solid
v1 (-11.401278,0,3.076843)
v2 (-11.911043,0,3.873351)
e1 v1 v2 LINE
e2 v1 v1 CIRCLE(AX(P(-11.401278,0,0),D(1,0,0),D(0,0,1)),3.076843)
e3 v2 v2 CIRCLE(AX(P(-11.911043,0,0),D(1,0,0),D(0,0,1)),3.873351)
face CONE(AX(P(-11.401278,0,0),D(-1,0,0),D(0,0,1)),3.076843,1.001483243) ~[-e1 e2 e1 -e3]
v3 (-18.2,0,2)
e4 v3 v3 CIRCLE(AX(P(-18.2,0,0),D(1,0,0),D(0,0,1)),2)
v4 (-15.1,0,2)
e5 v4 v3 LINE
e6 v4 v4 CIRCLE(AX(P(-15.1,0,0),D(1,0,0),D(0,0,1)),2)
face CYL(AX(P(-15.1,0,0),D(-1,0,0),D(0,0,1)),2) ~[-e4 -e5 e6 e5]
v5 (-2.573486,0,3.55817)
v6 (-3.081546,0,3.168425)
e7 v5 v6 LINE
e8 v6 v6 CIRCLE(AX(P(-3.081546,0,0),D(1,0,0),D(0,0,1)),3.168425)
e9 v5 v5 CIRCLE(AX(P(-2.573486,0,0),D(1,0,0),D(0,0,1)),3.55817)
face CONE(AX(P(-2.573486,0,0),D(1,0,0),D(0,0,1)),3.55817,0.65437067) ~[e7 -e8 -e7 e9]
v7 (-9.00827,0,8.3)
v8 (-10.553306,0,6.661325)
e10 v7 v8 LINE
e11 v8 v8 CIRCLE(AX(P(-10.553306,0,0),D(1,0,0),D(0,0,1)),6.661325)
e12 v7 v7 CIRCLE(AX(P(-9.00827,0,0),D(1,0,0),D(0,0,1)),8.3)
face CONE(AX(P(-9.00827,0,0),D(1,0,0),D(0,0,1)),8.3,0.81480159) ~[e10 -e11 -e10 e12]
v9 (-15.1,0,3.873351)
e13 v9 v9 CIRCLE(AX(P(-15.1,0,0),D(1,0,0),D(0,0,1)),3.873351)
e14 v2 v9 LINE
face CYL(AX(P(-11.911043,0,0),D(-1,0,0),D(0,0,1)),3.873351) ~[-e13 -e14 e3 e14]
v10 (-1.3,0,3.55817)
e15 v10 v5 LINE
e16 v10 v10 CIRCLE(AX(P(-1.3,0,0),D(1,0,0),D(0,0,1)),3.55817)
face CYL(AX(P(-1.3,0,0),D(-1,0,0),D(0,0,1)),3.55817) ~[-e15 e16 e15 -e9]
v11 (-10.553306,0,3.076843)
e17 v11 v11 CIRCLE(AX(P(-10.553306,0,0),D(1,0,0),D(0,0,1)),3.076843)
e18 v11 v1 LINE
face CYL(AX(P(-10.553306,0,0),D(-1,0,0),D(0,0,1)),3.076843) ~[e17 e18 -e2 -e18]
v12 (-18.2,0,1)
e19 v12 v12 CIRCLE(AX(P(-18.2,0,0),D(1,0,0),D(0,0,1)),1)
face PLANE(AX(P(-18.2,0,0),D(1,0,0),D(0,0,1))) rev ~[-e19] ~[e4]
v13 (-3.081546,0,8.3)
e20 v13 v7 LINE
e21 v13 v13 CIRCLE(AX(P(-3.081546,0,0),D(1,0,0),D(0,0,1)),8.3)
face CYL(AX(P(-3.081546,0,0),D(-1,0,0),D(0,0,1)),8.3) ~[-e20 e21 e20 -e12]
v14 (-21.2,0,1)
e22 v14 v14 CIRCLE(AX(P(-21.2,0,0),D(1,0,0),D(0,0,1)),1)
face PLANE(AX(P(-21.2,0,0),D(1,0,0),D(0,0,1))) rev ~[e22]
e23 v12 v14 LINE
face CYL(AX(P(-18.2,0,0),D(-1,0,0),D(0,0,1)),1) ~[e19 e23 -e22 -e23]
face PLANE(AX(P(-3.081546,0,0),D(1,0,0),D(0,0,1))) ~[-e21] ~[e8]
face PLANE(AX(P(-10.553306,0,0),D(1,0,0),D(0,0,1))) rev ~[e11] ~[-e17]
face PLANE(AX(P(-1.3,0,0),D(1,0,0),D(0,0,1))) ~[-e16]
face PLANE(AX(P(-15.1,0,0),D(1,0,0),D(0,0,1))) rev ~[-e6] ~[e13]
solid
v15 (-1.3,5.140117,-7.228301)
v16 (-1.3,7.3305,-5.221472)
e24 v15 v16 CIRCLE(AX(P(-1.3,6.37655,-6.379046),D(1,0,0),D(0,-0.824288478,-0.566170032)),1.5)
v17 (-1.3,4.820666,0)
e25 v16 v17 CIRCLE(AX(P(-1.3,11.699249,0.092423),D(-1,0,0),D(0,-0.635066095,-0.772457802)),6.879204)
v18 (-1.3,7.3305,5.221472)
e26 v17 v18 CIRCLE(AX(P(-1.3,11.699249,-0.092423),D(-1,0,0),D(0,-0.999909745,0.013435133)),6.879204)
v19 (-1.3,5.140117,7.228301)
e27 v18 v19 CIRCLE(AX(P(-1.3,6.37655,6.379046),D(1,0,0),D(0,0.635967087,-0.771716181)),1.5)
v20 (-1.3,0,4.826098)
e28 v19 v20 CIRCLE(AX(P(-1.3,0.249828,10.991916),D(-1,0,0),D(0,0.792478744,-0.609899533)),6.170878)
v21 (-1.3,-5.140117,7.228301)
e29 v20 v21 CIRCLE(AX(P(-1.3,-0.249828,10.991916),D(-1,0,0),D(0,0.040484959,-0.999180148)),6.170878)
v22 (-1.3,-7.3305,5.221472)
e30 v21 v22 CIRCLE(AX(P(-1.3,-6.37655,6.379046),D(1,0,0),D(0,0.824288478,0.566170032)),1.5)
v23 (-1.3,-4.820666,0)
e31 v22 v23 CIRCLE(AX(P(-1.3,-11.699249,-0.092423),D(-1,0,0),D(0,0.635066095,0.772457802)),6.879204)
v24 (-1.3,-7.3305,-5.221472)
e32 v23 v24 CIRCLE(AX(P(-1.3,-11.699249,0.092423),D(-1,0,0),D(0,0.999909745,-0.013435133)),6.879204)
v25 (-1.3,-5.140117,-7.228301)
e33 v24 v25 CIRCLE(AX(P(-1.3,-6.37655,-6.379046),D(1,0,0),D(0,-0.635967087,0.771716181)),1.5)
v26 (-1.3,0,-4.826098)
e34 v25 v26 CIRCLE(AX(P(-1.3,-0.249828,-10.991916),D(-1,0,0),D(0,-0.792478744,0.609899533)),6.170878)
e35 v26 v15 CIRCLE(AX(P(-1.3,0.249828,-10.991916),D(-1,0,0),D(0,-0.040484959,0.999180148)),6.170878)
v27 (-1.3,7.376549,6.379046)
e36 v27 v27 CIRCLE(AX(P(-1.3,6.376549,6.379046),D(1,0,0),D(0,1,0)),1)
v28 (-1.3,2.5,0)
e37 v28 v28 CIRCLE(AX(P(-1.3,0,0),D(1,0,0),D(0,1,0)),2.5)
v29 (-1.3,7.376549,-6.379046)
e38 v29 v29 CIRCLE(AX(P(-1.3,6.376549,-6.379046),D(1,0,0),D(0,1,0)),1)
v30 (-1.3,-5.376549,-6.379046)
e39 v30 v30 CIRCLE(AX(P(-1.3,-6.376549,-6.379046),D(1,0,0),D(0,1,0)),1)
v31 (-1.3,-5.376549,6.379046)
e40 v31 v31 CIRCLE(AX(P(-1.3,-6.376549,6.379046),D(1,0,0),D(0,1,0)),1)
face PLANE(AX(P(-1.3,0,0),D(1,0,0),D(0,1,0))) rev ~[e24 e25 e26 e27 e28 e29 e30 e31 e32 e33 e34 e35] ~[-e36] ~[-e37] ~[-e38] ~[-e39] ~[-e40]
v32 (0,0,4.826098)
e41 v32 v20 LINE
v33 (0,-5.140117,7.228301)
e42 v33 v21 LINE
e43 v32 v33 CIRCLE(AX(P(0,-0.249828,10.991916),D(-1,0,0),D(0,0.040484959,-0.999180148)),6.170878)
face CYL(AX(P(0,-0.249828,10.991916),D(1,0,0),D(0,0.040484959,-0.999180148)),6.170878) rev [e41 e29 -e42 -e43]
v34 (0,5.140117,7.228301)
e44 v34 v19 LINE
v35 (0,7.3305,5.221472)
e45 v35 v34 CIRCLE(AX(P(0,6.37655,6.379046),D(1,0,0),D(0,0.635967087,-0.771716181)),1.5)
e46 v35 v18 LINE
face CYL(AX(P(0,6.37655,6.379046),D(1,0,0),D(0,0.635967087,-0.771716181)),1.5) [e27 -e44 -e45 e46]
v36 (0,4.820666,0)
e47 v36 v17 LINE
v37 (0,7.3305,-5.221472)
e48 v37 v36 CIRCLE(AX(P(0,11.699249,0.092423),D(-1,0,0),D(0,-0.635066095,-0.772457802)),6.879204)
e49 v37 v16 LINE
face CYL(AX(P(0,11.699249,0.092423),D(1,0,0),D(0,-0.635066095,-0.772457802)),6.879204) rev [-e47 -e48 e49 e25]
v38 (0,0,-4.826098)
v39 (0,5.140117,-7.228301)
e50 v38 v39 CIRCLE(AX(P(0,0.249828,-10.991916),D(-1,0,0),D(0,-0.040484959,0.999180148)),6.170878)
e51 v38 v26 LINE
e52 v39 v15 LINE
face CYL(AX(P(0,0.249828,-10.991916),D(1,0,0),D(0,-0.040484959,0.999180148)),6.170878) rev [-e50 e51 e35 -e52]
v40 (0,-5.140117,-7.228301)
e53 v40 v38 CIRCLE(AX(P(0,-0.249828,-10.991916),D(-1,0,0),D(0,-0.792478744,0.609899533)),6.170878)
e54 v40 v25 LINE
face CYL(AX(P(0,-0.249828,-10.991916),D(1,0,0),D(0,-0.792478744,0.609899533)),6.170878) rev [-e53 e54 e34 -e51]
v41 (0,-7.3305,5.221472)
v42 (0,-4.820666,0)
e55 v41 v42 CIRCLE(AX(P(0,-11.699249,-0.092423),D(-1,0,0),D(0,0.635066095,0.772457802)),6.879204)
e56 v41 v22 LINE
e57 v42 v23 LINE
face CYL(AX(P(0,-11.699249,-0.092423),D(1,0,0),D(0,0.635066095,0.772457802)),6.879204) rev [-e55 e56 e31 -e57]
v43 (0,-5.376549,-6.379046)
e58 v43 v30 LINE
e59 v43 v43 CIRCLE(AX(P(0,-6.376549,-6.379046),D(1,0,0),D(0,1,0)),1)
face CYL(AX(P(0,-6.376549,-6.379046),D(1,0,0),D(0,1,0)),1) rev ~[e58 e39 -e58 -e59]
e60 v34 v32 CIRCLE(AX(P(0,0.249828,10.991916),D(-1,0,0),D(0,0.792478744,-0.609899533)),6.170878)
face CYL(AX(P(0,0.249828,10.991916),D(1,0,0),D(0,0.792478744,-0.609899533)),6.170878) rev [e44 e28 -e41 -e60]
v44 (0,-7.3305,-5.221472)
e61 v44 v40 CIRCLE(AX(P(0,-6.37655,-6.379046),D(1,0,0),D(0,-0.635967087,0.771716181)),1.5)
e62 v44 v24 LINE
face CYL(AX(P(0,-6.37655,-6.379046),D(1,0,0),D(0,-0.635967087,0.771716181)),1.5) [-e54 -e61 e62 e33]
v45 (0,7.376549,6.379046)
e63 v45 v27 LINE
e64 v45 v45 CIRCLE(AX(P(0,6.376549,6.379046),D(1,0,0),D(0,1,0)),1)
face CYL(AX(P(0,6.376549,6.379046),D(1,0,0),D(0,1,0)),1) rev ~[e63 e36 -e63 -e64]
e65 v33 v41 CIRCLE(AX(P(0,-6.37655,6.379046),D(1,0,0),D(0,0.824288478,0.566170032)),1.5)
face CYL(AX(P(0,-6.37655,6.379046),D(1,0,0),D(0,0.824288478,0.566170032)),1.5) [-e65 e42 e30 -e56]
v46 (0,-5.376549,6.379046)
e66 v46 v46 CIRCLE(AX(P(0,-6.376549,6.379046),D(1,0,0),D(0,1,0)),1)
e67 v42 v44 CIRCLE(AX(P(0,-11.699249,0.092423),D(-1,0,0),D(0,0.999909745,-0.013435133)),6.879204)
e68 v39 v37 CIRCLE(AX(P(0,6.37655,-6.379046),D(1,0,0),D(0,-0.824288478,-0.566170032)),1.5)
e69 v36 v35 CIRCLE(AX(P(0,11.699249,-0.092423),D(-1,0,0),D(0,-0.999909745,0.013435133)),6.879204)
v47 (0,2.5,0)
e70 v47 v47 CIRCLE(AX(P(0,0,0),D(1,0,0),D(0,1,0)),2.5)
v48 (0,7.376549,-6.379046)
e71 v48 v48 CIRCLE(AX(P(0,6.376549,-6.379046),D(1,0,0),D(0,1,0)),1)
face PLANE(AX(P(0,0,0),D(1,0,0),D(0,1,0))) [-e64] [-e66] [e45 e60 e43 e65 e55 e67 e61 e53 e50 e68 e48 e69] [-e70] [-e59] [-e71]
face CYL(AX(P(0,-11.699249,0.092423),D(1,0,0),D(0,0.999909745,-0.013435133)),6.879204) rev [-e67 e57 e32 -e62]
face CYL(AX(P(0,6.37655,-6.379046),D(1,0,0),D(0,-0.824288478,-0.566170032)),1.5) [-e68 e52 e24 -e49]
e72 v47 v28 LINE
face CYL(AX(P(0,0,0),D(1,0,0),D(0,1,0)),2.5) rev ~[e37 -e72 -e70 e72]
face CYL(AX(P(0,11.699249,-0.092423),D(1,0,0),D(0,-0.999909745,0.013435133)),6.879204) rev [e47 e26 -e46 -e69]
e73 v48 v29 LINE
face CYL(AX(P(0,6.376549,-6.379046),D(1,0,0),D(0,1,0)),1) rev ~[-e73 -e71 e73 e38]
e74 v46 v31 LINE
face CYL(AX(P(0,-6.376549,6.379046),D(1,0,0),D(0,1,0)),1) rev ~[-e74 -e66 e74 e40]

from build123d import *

# Parameters (mm, degrees)
F0_R     = 1
F0_R_2   = 2.5
F1_DEPTH = 1.3


with BuildPart() as f1:
    # F0 (on Right) → F1 (new body)
    with BuildSketch(Plane.YZ):
        with BuildLine():
            ThreePointArc((4.820666, 0), (5.499123, 2.887826), (7.3305, 5.221472))
            ThreePointArc((7.3305, 5.221472), (7.389856, 7.485034), (5.140117, 7.228301))
            ThreePointArc((5.140117, 7.228301), (2.862511, 5.401423), (0, 4.826098))
            ThreePointArc((0, 4.826098), (-2.862511, 5.401423), (-5.140117, 7.228301))
            ThreePointArc((-5.140117, 7.228301), (-7.389856, 7.485034), (-7.3305, 5.221472))
            ThreePointArc((-7.3305, 5.221472), (-5.499123, 2.887826), (-4.820666, 0))
            ThreePointArc((-4.820666, 0), (-5.499123, -2.887826), (-7.3305, -5.221472))
            ThreePointArc((-7.3305, -5.221472), (-7.389856, -7.485034), (-5.140117, -7.228301))
            ThreePointArc((-5.140117, -7.228301), (-2.862511, -5.401423), (0, -4.826098))
            ThreePointArc((0, -4.826098), (2.862511, -5.401423), (5.140117, -7.228301))
            ThreePointArc((5.140117, -7.228301), (7.389856, -7.485034), (7.3305, -5.221472))
            ThreePointArc((7.3305, -5.221472), (5.499123, -2.887826), (4.820666, 0))
        make_face()
        with Locations((-6.376549, -6.379046)):
            Circle(F0_R, mode=Mode.SUBTRACT)
        with Locations((6.376549, -6.379046)):
            Circle(F0_R, mode=Mode.SUBTRACT)
        Circle(F0_R_2, mode=Mode.SUBTRACT)
        with Locations((-6.376549, 6.379046)):
            Circle(F0_R, mode=Mode.SUBTRACT)
        with Locations((6.376549, 6.379046)):
            Circle(F0_R, mode=Mode.SUBTRACT)
    extrude(amount=-F1_DEPTH)


with BuildPart() as f3:
    # F2 (on Front) → F3 (revolve)
    with BuildSketch(Plane.XZ):
        Polygon((-1.3, 0), (-1.3, 3.55817), (-2.573486, 3.55817), (-3.081546, 3.168425), (-3.081546, 8.3), (-9.00827, 8.3), (-10.553306, 6.661325), (-10.553306, 3.076843), (-11.401278, 3.076843), (-11.911043, 3.873351), (-15.1, 3.873351), (-15.1, 2), (-18.2, 2), (-18.2, 1), (-21.2, 1), (-21.2, 0), align=None)
    revolve(axis=Axis((-11.25, 0, 0), (1, 0, 0)))


solid = Compound([f1.part, f3.part])
